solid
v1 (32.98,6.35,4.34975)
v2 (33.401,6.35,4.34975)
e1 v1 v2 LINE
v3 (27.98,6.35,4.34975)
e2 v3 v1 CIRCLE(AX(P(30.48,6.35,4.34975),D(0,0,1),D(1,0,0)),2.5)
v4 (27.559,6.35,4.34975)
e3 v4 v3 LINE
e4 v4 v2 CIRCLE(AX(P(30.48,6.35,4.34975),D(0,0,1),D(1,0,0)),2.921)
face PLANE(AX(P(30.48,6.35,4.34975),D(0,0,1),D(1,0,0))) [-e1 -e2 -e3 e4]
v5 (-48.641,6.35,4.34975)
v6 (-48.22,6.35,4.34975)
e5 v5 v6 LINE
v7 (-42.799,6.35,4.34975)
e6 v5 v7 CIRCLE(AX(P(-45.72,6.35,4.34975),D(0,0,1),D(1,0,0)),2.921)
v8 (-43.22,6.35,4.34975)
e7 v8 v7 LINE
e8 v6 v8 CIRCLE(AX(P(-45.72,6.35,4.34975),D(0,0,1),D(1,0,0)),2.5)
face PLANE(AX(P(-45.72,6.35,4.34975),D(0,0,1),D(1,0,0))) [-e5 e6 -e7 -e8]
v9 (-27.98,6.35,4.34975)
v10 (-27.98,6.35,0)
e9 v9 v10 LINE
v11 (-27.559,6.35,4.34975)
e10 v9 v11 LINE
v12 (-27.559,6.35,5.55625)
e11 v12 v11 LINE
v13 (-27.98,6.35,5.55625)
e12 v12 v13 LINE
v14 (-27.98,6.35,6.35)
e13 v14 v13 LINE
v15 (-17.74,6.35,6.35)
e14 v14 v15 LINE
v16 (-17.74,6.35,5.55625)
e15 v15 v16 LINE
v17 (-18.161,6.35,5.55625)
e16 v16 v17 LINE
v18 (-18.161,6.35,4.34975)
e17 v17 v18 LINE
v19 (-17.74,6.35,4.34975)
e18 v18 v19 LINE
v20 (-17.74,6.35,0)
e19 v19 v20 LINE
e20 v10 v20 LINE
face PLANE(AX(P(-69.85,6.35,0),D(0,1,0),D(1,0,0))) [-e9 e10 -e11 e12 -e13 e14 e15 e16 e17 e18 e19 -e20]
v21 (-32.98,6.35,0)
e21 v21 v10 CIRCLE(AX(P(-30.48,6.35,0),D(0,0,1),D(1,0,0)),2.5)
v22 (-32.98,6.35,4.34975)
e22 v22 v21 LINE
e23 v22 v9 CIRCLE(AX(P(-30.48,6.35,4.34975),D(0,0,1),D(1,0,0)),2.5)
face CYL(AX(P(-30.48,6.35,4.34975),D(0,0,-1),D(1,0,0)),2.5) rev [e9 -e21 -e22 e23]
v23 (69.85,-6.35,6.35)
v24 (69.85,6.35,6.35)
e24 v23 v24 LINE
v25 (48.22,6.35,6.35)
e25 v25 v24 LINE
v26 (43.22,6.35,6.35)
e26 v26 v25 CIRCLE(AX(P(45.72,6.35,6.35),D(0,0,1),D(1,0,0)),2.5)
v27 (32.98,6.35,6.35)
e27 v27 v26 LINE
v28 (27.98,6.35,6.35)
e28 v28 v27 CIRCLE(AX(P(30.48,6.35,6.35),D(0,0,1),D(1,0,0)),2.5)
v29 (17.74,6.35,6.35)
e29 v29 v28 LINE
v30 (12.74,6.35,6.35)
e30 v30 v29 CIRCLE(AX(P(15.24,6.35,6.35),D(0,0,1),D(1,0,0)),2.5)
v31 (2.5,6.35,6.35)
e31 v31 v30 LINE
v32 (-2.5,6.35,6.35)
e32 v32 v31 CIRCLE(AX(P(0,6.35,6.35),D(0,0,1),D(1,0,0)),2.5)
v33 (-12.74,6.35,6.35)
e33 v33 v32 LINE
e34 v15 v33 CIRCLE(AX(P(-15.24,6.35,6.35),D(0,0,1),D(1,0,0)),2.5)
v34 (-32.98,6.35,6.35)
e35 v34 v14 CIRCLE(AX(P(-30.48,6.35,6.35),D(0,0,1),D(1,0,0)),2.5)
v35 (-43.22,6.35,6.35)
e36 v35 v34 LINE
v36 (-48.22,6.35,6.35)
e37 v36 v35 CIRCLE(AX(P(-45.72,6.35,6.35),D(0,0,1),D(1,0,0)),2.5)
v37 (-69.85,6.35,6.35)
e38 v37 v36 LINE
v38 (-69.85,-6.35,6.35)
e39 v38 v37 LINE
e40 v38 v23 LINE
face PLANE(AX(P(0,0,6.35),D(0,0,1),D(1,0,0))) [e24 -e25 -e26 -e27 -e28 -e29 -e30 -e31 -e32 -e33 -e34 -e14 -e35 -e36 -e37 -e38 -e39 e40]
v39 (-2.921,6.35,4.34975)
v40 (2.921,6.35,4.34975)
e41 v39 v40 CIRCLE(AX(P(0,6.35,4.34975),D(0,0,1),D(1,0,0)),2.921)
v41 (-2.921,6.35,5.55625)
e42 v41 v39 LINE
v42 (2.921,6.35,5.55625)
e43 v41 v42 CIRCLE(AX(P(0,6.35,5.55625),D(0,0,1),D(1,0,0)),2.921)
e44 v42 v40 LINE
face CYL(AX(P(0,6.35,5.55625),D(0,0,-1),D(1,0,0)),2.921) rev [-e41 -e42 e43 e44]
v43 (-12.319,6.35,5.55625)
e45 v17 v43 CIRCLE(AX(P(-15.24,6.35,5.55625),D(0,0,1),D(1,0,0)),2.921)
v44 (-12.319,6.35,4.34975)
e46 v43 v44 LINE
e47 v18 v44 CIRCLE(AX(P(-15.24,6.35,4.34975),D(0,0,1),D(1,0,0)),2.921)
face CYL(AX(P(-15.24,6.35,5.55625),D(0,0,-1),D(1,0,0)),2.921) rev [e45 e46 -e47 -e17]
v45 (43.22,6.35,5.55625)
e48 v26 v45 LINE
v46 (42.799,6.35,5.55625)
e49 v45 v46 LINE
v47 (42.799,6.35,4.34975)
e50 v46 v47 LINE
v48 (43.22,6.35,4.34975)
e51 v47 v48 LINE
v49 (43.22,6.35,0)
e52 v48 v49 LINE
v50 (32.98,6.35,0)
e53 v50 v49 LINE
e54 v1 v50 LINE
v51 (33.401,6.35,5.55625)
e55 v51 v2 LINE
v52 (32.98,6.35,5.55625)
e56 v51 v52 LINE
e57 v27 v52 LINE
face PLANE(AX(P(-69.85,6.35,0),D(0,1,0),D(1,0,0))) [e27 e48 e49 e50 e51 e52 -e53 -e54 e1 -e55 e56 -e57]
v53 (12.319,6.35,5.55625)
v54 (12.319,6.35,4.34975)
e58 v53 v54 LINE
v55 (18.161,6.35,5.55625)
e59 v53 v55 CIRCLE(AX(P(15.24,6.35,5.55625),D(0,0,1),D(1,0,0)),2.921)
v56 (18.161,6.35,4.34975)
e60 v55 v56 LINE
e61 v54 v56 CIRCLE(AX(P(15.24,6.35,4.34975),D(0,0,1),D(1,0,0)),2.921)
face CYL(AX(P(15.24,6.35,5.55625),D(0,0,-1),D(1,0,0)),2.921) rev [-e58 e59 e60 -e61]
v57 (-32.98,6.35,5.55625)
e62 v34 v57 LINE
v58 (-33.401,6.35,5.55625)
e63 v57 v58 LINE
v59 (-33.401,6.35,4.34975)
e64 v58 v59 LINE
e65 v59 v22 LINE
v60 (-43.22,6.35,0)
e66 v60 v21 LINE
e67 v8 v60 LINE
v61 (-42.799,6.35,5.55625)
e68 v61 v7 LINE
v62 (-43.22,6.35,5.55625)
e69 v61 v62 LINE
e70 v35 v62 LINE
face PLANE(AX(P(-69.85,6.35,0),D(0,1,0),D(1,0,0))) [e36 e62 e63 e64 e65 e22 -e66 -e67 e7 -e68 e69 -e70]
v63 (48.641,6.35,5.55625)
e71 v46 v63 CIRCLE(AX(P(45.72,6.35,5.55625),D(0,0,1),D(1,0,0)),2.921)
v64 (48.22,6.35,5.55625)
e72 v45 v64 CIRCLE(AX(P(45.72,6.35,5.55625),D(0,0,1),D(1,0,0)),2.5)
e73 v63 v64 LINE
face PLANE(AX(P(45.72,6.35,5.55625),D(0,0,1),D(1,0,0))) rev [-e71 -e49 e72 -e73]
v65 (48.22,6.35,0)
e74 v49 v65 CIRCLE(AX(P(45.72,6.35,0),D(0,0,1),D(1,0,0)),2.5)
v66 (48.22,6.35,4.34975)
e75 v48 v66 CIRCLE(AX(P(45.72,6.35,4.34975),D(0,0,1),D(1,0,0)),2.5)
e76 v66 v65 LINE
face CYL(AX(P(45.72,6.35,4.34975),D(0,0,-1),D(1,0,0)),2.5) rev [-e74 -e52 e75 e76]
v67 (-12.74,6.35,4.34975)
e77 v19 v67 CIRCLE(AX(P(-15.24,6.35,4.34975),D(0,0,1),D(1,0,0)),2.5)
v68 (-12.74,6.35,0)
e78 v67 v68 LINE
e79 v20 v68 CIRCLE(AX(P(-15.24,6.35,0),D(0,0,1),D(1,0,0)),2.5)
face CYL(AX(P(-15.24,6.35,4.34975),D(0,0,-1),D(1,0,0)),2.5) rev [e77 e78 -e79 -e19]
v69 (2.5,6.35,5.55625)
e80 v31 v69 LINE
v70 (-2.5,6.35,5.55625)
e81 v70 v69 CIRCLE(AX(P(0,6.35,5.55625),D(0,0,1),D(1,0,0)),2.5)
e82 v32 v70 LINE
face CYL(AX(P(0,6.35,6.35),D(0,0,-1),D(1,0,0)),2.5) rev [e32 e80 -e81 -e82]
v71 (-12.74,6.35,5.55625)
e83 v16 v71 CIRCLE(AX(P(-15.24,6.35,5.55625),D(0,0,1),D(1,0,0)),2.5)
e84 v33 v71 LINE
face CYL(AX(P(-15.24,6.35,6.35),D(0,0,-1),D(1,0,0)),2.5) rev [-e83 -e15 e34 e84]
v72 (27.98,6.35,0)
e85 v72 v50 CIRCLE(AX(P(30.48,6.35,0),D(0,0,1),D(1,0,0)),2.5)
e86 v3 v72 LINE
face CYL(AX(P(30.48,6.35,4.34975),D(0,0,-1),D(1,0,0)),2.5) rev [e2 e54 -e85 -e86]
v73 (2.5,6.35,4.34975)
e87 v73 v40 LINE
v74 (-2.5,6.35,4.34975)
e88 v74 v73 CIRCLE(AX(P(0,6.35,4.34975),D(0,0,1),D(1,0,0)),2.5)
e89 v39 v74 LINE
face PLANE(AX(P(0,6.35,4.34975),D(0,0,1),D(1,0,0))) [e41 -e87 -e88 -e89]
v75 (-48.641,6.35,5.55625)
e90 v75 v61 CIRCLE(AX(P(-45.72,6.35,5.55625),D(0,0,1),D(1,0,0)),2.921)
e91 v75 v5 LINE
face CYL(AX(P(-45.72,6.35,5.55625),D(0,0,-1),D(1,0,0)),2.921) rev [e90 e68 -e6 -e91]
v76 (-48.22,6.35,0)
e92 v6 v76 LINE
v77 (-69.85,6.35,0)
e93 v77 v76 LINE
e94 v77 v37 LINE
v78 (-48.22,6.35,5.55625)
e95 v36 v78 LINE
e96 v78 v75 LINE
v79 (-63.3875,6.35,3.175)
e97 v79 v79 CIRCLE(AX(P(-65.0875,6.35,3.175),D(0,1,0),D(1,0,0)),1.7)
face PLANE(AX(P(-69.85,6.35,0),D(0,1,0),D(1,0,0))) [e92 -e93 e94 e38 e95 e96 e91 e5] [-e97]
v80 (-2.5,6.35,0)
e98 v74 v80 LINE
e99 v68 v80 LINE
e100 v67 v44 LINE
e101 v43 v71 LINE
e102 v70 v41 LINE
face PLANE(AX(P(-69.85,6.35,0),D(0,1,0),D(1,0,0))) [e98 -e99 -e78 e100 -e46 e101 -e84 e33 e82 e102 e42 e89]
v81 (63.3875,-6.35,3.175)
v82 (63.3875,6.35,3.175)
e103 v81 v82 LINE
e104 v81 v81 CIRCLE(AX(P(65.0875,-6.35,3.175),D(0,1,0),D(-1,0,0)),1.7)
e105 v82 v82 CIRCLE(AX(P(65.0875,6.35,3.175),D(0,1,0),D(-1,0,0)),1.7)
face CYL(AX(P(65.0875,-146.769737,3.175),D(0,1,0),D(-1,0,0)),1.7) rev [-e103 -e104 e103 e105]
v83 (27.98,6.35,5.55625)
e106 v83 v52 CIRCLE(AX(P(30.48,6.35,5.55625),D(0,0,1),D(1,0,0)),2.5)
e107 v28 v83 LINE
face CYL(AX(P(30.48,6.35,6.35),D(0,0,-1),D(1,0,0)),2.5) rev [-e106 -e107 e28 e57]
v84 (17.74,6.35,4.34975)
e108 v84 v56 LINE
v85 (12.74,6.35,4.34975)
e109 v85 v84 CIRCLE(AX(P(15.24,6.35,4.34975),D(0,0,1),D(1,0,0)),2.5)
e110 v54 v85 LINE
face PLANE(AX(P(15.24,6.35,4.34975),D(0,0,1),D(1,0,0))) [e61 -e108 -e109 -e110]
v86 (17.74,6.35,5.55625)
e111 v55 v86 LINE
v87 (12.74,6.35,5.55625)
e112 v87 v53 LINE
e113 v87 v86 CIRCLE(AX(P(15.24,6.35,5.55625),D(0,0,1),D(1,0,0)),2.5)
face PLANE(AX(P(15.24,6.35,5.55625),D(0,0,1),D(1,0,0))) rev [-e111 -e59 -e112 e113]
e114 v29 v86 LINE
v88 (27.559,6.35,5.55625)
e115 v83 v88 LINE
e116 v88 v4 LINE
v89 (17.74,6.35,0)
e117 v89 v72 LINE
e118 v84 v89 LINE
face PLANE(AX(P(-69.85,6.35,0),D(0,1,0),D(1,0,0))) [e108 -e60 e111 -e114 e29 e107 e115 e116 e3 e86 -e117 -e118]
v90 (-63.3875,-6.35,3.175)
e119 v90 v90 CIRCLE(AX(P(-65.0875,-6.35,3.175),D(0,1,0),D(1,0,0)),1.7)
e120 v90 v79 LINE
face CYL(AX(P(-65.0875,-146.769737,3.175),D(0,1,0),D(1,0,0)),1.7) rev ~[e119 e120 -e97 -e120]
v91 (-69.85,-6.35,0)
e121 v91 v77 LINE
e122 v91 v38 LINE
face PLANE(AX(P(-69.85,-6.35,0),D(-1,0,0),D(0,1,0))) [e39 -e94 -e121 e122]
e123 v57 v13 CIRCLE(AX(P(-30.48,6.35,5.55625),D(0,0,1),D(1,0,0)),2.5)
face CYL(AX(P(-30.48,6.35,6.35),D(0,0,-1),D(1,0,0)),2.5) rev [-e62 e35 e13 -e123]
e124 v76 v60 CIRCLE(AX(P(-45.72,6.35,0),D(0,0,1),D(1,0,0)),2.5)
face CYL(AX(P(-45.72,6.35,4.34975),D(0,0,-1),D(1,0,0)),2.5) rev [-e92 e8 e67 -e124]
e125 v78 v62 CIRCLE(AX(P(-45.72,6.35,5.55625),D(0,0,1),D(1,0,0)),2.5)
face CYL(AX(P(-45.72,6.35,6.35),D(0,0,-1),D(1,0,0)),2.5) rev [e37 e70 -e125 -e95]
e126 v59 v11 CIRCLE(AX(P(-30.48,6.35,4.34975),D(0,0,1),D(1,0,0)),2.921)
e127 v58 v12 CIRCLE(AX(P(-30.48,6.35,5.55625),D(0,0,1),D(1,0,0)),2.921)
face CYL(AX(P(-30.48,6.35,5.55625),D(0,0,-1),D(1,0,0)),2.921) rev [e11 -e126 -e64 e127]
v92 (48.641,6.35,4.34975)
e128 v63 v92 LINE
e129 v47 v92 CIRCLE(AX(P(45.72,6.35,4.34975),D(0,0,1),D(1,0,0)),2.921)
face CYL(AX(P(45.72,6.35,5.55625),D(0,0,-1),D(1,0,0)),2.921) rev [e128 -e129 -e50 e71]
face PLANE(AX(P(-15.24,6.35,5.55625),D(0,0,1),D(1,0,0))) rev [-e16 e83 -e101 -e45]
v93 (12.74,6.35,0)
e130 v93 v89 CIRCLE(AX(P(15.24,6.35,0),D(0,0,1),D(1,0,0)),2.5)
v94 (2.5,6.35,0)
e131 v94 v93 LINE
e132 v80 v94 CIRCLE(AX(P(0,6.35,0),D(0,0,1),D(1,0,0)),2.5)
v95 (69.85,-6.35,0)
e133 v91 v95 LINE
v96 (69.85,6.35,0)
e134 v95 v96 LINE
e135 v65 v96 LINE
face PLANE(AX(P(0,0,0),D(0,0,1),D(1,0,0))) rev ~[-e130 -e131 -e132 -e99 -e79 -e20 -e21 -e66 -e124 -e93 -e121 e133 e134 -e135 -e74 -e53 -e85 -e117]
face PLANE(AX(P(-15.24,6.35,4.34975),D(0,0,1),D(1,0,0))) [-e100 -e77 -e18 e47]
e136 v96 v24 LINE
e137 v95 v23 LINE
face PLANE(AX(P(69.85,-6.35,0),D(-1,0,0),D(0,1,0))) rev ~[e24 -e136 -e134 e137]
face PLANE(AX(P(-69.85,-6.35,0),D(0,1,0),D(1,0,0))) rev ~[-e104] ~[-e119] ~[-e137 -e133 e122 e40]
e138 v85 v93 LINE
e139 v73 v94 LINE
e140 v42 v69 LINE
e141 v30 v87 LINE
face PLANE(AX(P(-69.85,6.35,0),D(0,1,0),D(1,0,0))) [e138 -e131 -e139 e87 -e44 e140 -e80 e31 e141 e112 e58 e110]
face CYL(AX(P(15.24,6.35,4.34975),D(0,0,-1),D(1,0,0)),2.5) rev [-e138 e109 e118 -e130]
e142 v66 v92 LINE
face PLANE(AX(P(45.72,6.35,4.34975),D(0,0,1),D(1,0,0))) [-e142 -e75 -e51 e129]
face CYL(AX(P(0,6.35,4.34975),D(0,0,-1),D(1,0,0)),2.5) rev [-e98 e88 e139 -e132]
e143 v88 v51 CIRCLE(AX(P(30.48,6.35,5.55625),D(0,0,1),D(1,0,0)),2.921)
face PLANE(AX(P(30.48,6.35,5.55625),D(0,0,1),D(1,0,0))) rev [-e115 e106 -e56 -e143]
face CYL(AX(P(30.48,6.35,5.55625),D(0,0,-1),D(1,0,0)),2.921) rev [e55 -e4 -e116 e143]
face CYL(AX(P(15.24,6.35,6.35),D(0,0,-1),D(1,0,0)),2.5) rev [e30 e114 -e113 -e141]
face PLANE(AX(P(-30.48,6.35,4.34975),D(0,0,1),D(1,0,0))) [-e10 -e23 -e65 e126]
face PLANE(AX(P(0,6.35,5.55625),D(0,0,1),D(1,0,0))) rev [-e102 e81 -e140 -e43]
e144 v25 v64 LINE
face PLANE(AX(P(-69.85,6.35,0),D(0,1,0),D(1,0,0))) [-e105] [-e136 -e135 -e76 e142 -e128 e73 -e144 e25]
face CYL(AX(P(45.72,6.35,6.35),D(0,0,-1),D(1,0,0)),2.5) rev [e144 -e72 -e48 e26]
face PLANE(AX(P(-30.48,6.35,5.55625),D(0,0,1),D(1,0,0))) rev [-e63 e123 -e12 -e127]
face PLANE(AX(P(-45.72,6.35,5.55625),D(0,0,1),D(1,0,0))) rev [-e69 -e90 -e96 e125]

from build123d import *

# Parameters (mm, degrees)
SKETCH1_W            = 139.7
SKETCH1_H            = 12.7
BOSS_EXTRUDE1_DEPTH  = 6.35
M3_CLEARANCE_HOLE1_D = 3.4
LPATTERN1_COUNT      = 4
LPATTERN1_PITCH      = 15.24
LPATTERN2_COUNT      = 4
LPATTERN2_PITCH      = 15.24


with BuildPart() as part:
    # Sketch1 → Boss-Extrude1 (new body)
    with BuildSketch(Plane.XY):
        Rectangle(SKETCH1_W, SKETCH1_H)
    extrude(amount=BOSS_EXTRUDE1_DEPTH)

    # M3 Clearance Hole1 (through all)
    with Locations(Plane(origin=(0, -6.35, 0), x_dir=(-1, 0, 0), z_dir=(0, -1, 0))):
        with Locations((65.0875, -3.175)):
            m3_clearance_hole1 = Hole(M3_CLEARANCE_HOLE1_D / 2)

    # Mirror1: M3 Clearance Hole1 across plane
    add(m3_clearance_hole1.mirror(Plane(origin=(0, 0, 0), x_dir=(0, 0, 1), z_dir=(1, 0, 0))), mode=Mode.SUBTRACT)

    # Sketch9 → Cut-Revolve1 (revolve, cut)
    with BuildSketch(Plane(origin=(0, 6.35, 0), x_dir=(1, 0, 0), z_dir=(0, 1, 0))):
        Polygon((2.5, -5.55625), (2.921, -5.55625), (2.921, -4.34975), (2.5, -4.34975), (2.5, 0), (0, 0), (0, -6.35), (2.5, -6.35), align=None)
    cut_revolve1 = revolve(axis=Axis((0, 6.35, 0), (0, 0, 1)), mode=Mode.SUBTRACT)

    # LPattern1: Cut-Revolve1 ×4
    with Locations(*[(-i * LPATTERN1_PITCH, 0, 0) for i in range(1, LPATTERN1_COUNT)]):
        add(cut_revolve1, mode=Mode.SUBTRACT)

    # LPattern2: Cut-Revolve1 ×4
    with Locations(*[(i * LPATTERN2_PITCH, 0, 0) for i in range(1, LPATTERN2_COUNT)]):
        add(cut_revolve1, mode=Mode.SUBTRACT)


solid = part.part
